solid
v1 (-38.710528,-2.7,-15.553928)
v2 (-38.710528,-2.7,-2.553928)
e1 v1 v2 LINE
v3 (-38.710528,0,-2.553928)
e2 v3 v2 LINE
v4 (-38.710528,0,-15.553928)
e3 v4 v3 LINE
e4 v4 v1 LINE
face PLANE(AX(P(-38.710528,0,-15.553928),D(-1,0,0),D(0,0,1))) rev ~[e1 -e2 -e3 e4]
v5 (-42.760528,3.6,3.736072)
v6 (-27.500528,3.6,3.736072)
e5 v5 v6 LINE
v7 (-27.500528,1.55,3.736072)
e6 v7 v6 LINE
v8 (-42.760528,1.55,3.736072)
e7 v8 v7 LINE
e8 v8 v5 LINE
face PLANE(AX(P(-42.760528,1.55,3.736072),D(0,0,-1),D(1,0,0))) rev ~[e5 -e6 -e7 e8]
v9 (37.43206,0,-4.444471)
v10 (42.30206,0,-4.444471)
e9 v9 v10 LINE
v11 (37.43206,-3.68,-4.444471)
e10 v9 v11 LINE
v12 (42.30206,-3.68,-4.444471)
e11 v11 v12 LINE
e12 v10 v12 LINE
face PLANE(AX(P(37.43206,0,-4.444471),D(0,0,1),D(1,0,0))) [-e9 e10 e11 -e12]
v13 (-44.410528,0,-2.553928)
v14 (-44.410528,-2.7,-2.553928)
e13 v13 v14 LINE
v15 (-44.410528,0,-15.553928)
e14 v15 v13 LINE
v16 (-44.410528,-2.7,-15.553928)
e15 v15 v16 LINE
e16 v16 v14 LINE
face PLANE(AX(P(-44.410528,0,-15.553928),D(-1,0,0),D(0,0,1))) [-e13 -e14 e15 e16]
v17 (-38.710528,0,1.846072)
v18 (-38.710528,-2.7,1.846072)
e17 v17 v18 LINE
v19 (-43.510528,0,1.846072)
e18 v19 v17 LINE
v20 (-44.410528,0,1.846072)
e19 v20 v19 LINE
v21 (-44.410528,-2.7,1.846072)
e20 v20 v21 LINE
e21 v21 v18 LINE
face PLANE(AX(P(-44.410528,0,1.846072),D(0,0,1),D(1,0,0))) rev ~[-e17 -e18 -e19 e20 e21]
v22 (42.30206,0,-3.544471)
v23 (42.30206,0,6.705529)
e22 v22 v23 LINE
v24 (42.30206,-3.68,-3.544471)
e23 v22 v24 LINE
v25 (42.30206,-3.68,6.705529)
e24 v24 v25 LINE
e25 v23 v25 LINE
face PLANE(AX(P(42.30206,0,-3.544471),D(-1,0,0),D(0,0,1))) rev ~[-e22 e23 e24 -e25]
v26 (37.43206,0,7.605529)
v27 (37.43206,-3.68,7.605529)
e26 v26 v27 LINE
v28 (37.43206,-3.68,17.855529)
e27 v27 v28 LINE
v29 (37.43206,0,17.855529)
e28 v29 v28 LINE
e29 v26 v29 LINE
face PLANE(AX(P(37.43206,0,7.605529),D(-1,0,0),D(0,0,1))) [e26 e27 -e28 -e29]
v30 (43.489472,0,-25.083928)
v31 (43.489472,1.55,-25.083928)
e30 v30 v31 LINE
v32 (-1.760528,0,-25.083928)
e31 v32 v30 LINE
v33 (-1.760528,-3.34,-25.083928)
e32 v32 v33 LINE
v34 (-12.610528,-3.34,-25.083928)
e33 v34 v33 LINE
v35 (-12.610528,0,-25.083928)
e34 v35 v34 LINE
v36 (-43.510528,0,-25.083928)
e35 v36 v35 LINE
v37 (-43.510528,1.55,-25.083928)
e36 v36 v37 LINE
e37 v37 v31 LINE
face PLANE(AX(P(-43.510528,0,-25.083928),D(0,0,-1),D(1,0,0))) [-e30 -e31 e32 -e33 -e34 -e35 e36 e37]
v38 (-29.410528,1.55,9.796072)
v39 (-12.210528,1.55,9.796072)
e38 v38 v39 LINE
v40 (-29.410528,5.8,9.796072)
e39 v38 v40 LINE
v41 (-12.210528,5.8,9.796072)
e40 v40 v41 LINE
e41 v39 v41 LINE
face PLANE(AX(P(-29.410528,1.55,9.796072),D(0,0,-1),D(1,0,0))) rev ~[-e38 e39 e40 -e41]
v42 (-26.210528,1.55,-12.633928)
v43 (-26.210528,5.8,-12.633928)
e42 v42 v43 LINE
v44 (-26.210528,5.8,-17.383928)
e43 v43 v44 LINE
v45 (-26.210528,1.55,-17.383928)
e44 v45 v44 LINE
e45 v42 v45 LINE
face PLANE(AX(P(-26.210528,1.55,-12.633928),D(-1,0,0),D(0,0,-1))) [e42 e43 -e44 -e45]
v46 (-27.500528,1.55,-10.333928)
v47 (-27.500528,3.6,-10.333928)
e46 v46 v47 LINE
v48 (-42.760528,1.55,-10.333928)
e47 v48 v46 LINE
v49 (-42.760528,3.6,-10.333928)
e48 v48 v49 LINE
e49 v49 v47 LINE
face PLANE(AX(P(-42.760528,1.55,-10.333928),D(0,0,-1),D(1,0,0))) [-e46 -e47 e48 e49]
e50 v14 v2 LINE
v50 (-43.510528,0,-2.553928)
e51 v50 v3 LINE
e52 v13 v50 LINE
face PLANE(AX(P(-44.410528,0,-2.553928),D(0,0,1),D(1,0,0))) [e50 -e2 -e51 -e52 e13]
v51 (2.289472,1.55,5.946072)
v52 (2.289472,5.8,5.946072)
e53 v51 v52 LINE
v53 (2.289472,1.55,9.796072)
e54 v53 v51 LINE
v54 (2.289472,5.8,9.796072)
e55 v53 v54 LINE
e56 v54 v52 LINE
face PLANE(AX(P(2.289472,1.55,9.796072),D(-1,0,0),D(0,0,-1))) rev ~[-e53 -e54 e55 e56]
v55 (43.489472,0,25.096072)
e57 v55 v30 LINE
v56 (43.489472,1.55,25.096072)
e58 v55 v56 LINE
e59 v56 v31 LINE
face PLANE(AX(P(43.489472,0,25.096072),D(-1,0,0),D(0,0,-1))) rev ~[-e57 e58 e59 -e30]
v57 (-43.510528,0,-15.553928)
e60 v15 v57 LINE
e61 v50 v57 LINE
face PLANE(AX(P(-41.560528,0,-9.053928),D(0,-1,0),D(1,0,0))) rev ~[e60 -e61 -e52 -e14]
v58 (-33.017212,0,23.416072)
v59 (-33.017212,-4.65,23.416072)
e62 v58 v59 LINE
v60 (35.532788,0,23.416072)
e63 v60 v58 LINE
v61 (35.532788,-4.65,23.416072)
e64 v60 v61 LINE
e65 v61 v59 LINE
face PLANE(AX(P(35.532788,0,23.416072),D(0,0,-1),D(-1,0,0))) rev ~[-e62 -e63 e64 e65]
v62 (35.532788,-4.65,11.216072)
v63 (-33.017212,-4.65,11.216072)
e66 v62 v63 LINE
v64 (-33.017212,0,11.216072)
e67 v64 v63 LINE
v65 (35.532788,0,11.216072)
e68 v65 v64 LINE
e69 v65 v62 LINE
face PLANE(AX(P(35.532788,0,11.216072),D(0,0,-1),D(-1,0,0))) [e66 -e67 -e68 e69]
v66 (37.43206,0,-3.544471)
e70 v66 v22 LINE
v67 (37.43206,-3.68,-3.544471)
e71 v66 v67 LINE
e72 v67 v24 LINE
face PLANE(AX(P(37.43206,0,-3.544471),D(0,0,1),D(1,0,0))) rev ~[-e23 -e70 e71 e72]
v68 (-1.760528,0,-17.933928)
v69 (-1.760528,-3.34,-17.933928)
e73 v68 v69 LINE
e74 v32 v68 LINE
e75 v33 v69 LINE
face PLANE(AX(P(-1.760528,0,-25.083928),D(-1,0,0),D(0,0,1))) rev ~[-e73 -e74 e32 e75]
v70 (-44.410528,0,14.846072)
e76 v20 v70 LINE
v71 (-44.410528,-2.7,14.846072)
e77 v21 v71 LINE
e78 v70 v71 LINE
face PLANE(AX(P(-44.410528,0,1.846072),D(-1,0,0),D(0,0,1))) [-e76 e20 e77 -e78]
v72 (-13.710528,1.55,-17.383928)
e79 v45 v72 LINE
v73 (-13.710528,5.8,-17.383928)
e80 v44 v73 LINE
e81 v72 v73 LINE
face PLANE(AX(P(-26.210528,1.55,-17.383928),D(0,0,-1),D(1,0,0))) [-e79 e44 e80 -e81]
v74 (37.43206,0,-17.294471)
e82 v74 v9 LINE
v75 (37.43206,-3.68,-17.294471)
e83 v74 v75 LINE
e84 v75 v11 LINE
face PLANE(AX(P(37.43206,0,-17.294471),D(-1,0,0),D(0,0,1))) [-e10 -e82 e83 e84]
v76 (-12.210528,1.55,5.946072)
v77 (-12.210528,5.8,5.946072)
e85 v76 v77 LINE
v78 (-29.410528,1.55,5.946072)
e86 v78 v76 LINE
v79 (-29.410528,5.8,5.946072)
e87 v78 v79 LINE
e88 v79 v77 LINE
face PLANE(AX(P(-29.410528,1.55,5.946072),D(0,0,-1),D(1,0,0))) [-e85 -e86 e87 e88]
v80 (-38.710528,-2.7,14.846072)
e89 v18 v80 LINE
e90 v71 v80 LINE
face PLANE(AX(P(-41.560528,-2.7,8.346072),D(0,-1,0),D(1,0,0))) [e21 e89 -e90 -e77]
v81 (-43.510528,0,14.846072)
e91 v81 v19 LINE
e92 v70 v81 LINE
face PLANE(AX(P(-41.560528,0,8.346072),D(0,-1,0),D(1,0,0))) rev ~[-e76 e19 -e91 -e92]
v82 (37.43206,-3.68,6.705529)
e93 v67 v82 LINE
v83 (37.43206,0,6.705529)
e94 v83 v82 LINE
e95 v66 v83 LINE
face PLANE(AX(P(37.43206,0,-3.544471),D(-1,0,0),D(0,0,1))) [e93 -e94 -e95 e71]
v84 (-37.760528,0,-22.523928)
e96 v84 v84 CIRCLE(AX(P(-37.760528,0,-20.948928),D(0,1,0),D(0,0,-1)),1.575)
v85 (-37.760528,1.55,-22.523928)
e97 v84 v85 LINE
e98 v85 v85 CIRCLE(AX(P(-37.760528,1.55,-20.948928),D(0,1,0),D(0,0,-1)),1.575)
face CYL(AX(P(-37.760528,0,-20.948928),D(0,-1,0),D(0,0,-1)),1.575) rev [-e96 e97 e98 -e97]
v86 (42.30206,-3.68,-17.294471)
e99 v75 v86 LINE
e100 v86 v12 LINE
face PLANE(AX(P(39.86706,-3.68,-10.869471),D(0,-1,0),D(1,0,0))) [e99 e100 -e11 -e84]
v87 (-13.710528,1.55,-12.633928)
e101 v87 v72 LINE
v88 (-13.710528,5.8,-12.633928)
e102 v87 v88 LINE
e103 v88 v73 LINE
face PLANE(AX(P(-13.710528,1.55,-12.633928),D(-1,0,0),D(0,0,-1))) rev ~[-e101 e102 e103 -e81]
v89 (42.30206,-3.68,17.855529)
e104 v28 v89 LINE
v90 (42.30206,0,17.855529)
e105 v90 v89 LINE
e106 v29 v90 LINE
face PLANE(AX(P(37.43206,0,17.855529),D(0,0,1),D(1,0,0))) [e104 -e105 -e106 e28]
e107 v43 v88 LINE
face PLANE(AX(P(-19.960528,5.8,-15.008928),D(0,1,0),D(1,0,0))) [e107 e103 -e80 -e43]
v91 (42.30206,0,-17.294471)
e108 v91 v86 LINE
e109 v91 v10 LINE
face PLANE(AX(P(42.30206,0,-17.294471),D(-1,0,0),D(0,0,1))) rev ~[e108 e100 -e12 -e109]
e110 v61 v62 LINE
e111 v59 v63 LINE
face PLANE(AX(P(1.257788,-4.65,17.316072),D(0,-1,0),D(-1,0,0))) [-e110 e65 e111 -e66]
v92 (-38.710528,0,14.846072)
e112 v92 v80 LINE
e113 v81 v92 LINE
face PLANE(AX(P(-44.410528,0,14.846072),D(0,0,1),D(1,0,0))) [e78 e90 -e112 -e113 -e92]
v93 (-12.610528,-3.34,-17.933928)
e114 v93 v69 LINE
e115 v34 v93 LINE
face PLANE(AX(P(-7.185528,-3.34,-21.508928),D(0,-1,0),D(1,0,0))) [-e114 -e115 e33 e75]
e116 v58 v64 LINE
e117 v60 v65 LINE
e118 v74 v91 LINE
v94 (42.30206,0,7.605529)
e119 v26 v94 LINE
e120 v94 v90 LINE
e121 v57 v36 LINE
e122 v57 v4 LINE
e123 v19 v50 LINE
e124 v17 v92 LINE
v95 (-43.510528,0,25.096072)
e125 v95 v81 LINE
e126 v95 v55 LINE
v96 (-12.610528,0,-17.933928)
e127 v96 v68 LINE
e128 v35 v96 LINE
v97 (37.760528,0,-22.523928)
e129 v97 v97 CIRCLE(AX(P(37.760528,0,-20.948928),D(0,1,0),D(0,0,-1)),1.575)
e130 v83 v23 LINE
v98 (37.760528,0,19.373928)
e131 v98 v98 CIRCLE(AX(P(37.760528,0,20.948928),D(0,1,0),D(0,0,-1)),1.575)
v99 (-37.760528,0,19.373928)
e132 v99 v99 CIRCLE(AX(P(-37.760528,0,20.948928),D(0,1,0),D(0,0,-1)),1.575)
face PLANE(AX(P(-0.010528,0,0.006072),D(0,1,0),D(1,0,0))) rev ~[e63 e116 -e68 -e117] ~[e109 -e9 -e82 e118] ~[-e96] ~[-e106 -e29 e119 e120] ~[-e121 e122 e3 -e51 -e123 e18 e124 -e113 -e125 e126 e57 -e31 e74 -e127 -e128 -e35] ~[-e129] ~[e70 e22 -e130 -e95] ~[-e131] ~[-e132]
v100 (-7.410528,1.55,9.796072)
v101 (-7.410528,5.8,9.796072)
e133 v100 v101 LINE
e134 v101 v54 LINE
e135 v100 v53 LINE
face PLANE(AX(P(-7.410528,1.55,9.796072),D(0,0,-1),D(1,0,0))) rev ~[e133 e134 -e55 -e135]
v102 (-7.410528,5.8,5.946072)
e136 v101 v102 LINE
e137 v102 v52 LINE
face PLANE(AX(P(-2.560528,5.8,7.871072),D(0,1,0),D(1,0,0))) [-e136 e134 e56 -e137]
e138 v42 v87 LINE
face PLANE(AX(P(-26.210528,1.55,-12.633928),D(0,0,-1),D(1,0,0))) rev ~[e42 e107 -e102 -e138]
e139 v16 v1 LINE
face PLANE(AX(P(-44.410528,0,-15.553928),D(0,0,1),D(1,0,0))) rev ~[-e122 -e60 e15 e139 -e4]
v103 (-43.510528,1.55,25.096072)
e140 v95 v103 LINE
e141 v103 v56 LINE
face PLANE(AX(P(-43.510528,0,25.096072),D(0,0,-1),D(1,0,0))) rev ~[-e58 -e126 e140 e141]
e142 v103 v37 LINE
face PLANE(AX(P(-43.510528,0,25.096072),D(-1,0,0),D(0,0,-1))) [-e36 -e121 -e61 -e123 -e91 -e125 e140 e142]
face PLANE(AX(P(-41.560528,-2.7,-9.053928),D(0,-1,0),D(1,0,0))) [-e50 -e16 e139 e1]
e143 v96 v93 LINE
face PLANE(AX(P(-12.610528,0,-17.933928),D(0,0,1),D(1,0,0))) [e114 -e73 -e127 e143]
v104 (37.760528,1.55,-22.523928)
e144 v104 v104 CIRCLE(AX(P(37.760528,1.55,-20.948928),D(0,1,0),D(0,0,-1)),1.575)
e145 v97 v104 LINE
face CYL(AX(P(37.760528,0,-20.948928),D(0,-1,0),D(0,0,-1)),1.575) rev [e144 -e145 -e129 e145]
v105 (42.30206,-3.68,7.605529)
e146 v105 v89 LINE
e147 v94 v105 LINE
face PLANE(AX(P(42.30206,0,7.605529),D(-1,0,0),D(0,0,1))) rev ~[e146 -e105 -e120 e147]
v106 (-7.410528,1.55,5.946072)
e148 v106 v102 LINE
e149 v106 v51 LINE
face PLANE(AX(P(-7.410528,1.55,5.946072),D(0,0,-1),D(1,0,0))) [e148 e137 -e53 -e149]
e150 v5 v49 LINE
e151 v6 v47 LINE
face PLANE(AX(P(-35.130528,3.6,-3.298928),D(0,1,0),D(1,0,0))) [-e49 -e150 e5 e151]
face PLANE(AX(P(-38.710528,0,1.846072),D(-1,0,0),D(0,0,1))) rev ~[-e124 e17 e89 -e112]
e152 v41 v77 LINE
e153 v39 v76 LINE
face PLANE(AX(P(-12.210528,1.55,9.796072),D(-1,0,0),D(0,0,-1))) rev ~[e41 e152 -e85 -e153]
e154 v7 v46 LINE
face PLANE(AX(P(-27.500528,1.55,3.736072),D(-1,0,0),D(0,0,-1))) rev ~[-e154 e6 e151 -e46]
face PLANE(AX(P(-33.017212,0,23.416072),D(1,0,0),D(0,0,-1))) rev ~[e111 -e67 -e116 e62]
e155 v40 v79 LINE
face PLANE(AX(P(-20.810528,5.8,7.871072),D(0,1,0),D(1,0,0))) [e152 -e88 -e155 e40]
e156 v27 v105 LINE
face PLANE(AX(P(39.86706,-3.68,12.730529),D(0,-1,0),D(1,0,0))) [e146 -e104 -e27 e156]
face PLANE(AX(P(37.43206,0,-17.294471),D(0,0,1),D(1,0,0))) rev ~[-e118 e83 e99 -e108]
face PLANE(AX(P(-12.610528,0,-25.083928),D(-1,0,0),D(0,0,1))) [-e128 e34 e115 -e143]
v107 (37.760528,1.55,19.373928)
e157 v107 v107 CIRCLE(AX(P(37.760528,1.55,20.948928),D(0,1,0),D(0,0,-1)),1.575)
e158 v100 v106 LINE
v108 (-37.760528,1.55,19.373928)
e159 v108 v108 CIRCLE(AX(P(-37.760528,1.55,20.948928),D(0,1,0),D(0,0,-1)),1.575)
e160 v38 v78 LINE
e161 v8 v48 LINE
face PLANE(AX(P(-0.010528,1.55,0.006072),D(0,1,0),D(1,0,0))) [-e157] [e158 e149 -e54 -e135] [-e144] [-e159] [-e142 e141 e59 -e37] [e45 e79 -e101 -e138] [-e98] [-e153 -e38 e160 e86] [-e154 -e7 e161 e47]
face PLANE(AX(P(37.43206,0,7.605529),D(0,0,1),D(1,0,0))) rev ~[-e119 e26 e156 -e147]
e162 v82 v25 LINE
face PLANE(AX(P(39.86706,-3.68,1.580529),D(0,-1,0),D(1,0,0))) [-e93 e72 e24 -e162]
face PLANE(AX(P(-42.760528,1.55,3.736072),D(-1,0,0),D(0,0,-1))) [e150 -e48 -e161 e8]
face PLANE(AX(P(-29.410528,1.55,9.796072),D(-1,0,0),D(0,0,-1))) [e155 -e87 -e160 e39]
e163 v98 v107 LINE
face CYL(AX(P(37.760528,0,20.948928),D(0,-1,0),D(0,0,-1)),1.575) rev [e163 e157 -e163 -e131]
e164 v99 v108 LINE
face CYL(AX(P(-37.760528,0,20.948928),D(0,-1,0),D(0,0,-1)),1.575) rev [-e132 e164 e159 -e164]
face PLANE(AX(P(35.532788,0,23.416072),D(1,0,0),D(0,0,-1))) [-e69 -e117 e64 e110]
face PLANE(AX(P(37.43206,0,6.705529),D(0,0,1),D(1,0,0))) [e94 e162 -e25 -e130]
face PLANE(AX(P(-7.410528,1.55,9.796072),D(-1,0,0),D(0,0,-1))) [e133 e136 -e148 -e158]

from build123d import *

# Parameters (mm, degrees)
SKETCH2_W           = 87
SKETCH2_H           = 50.18
SKETCH2_R           = 1.575
BOSS_EXTRUDE2_DEPTH = 1.55
SKETCH3_W           = 15.26
SKETCH3_H           = 14.07
BOSS_EXTRUDE3_DEPTH = 2.05
SKETCH4_W           = 17.2
SKETCH4_H           = 3.85
SKETCH4_W_2         = 9.7
SKETCH4_W_3         = 12.5
SKETCH4_H_2         = 4.75
BOSS_EXTRUDE4_DEPTH = 4.25
SKETCH7_W           = 68.55
SKETCH7_H           = 12.2
BOSS_EXTRUDE5_DEPTH = 4.65
SKETCH10_W          = 10.85
SKETCH10_H          = 7.15
BOSS_EXTRUDE6_DEPTH = 3.34
SKETCH11_W          = 5.7
SKETCH11_H          = 13
BOSS_EXTRUDE7_DEPTH = 2.7
SKETCH15_W          = 4.87
SKETCH15_H          = 10.25
SKETCH15_H_2        = 12.85
BOSS_EXTRUDE9_DEPTH = 3.68


with BuildPart() as part:
    # Sketch2 → Boss-Extrude2 (new body)
    with BuildSketch(Plane(origin=(0, 0, 0), x_dir=(1, 0, 0), z_dir=(0, 1, 0))):
        with Locations((-0.010528039, -0.006072379)):
            Rectangle(SKETCH2_W, SKETCH2_H)
        with Locations((-37.760528039, 20.948927621)):
            Circle(SKETCH2_R, mode=Mode.SUBTRACT)
        with Locations((-37.760528039, -20.948927621)):
            Circle(SKETCH2_R, mode=Mode.SUBTRACT)
        with Locations((37.760528039, -20.948927621)):
            Circle(SKETCH2_R, mode=Mode.SUBTRACT)
        with Locations((37.760528039, 20.948927621)):
            Circle(SKETCH2_R, mode=Mode.SUBTRACT)
    extrude(amount=BOSS_EXTRUDE2_DEPTH)

    # Sketch3 → Boss-Extrude3 (add)
    with BuildSketch(Plane(origin=(0, 1.55, 0), x_dir=(1, 0, 0), z_dir=(0, 1, 0))):
        with Locations((-35.130528039, 3.298927621)):
            Rectangle(SKETCH3_W, SKETCH3_H)
    extrude(amount=BOSS_EXTRUDE3_DEPTH)

    # Sketch4 → Boss-Extrude4 (add)
    with BuildSketch(Plane(origin=(0, 1.55, 0), x_dir=(1, 0, 0), z_dir=(0, 1, 0))):
        with Locations((-20.810528039, -7.871072379)):
            Rectangle(SKETCH4_W, SKETCH4_H)
        with Locations((-2.560528039, -7.871072379)):
            Rectangle(SKETCH4_W_2, SKETCH4_H)
        with Locations((-19.960528039, 15.008927621)):
            Rectangle(SKETCH4_W_3, SKETCH4_H_2)
    extrude(amount=BOSS_EXTRUDE4_DEPTH)

    # Sketch7 → Boss-Extrude5 (add)
    with BuildSketch(Plane(origin=(0, 0, 0), x_dir=(-1, 0, 0), z_dir=(0, -1, 0))):
        with Locations((-1.25778805, -17.316072379)):
            Rectangle(SKETCH7_W, SKETCH7_H)
    extrude(amount=BOSS_EXTRUDE5_DEPTH)

    # Sketch10 → Boss-Extrude6 (add)
    with BuildSketch(Plane.XZ):
        with Locations((-7.185528039, -21.508927621)):
            Rectangle(SKETCH10_W, SKETCH10_H)
    extrude(amount=BOSS_EXTRUDE6_DEPTH)

    # Sketch11 → Boss-Extrude7 (add)
    with BuildSketch(Plane.XZ):
        with Locations((-41.560528039, 8.346072379)):
            Rectangle(SKETCH11_W, SKETCH11_H)
        with Locations((-41.560528039, -9.053927621)):
            Rectangle(SKETCH11_W, SKETCH11_H)
    extrude(amount=BOSS_EXTRUDE7_DEPTH)

    # Sketch15 → Boss-Extrude9 (add)
    with BuildSketch(Plane.XZ):
        with Locations((39.867059602, 12.730529287)):
            Rectangle(SKETCH15_W, SKETCH15_H)
        with Locations((39.867059602, 1.580529287)):
            Rectangle(SKETCH15_W, SKETCH15_H)
        with Locations((39.867059602, -10.869470713)):
            Rectangle(SKETCH15_W, SKETCH15_H_2)
    extrude(amount=BOSS_EXTRUDE9_DEPTH)


solid = part.part
